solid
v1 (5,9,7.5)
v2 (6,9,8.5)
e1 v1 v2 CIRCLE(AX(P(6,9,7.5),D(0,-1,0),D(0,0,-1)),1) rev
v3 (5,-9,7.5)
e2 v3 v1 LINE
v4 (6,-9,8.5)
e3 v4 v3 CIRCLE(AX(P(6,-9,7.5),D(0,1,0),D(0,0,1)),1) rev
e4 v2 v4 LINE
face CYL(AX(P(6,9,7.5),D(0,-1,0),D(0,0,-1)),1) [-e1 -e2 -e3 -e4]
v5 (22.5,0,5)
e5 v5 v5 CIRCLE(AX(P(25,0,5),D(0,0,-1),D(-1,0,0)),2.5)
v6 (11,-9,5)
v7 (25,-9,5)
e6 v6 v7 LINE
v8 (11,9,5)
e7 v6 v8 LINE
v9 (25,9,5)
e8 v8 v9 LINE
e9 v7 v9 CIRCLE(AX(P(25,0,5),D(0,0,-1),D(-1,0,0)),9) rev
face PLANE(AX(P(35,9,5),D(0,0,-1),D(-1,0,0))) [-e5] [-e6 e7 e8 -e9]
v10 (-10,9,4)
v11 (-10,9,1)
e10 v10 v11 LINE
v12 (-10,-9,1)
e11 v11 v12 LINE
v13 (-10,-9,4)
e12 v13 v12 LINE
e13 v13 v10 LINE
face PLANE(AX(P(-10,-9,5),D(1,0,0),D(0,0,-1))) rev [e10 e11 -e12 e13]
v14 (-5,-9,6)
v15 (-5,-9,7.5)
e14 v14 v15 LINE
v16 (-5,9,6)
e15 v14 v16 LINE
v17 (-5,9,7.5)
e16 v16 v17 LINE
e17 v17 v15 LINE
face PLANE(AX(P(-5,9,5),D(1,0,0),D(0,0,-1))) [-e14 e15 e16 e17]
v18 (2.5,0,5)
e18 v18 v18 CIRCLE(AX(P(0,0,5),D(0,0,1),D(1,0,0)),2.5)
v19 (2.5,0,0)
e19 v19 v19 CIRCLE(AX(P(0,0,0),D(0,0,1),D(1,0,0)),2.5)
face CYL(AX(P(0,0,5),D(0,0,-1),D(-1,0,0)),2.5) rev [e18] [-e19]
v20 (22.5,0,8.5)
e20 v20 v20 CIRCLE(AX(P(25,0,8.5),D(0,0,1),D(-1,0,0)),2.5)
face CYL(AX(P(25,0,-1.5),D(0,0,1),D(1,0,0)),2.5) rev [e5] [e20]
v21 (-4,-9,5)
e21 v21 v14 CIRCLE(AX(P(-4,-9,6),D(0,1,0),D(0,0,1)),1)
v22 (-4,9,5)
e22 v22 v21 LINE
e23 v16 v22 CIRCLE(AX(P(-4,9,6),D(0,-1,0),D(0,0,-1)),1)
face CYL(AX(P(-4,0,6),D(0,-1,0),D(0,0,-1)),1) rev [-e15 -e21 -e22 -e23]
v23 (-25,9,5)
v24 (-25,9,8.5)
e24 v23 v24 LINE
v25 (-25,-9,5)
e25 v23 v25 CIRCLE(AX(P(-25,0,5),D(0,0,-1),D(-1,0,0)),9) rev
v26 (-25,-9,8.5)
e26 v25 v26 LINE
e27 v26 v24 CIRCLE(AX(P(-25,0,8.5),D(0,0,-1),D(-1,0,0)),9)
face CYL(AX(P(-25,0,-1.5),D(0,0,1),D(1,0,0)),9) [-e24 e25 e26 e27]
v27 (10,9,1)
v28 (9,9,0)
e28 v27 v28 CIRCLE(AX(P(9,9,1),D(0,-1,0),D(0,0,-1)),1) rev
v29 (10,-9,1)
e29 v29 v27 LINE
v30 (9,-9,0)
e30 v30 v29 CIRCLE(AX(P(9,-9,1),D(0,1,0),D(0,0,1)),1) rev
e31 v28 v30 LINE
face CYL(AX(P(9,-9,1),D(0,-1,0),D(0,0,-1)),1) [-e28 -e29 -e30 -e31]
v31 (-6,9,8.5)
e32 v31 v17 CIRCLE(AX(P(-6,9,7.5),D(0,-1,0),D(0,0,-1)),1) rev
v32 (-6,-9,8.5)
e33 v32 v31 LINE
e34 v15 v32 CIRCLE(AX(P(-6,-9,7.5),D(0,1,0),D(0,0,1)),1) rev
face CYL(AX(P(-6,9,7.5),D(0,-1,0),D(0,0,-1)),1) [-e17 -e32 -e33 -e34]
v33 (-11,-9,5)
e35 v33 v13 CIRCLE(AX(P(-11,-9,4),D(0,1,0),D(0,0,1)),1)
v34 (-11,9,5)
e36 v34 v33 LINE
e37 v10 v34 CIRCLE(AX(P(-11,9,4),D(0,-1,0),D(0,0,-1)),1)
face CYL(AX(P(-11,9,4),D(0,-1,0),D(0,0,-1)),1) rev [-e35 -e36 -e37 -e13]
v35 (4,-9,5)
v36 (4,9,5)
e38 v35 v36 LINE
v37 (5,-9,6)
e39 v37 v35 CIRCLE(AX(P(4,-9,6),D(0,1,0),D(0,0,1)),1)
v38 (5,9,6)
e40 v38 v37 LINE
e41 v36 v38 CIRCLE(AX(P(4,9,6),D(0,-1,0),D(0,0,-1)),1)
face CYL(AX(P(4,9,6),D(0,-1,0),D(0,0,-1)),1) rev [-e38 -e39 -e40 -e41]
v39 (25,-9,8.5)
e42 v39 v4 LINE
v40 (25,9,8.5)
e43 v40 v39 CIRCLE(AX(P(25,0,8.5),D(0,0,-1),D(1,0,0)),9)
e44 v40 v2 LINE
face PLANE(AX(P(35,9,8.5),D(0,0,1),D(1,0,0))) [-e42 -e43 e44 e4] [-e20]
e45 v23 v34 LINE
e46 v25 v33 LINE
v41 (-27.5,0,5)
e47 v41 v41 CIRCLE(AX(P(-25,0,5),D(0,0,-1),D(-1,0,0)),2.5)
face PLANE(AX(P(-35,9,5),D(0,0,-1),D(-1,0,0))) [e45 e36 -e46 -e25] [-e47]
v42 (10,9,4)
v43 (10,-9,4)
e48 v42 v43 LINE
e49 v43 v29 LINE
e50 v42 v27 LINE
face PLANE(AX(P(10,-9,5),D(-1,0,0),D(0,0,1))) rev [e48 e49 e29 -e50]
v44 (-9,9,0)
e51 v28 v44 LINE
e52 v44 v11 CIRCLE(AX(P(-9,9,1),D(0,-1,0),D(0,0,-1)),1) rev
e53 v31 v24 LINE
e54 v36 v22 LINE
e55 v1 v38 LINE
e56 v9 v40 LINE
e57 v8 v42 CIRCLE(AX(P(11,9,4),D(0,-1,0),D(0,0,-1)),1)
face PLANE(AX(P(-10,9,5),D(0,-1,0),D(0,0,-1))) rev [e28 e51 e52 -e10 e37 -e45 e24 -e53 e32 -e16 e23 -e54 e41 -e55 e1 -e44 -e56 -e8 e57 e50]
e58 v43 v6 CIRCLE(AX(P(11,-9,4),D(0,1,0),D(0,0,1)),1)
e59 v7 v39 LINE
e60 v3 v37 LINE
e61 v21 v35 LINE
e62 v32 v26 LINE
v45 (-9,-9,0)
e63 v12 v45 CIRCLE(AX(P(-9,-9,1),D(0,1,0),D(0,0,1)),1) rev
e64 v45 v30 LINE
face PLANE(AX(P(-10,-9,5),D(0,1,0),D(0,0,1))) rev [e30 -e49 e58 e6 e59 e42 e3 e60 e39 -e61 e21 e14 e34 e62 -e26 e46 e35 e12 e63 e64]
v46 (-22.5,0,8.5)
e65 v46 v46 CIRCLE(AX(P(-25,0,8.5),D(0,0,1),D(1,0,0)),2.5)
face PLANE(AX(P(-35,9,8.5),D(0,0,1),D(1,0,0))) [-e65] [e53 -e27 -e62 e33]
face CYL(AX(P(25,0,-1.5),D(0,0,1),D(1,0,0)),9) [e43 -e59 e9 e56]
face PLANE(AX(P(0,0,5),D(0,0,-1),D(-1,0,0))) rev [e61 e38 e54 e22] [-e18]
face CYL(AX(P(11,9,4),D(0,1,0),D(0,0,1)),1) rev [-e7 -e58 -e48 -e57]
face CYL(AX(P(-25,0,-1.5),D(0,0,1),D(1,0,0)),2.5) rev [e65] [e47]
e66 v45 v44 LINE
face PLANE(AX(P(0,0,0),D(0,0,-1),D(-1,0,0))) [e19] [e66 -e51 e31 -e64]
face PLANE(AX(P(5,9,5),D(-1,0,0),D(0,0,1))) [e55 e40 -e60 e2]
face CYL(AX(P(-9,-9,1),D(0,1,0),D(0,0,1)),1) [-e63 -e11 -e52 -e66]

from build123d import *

# Parameters (mm, degrees)
SCHIZZO1_W                   = 20
SCHIZZO1_H                   = 18
SCHIZZO1_R                   = 2.5
ESTRUSIONE_ESTRUSIONE1_DEPTH = 5
SCHIZZO2_W                   = 30
SCHIZZO2_H                   = 3.5
ESTRUSIONE_ESTRUSIONE2_DEPTH = 18
RACCORDO2_R                  = 1
SCHIZZO3_R                   = 2.5
TAGLIO_ESTRUSIONE1_DEPTH     = 10


with BuildPart() as part:
    # Schizzo1 → Estrusione-Estrusione1 (new body)
    with BuildSketch(Plane.XY):
        Rectangle(SCHIZZO1_W, SCHIZZO1_H)
        Circle(SCHIZZO1_R, mode=Mode.SUBTRACT)
    extrude(amount=ESTRUSIONE_ESTRUSIONE1_DEPTH)

    # Schizzo2 → Estrusione-Estrusione2 (add, through all)
    with BuildSketch(Plane.XZ.offset(9)):
        with Locations((20, 6.75)):
            Rectangle(SCHIZZO2_W, SCHIZZO2_H)
        with Locations((-20, 6.75)):
            Rectangle(SCHIZZO2_W, SCHIZZO2_H)
    extrude(amount=-ESTRUSIONE_ESTRUSIONE2_DEPTH)

    # Raccordo2
    raccordo2_edges = [part.edges().sort_by_distance(p)[0] for p in [
        (-10, 0, 5),
        (-5, 0, 5),
        (-5, 0, 8.5),
        (5, 0, 5),
        (5, 0, 8.5),
        (10, 0, 5),
        (-10, 0, 0),
        (10, 0, 0),
    ]]
    fillet(raccordo2_edges, radius=RACCORDO2_R)

    # Schizzo3 → Taglio-Estrusione1 (cut)
    with BuildSketch(Plane.XY.offset(8.5)):
        with Locations((-25, 0)):
            Circle(SCHIZZO3_R)
        with Locations((25, 0)):
            Circle(SCHIZZO3_R)
        with BuildLine():
            Line((25, 9), (35, 9))
            Line((35, 9), (35, -9))
            Line((35, -9), (25, -9))
            ThreePointArc((25, -9), (34, 0), (25, 9))
        make_face()
        with BuildLine():
            Line((-35, 9), (-35, -9))
            Line((-35, -9), (-25, -9))
            ThreePointArc((-25, -9), (-34, 0), (-25, 9))
            Line((-25, 9), (-35, 9))
        make_face()
    extrude(amount=-TAGLIO_ESTRUSIONE1_DEPTH, mode=Mode.SUBTRACT)


solid = part.part
